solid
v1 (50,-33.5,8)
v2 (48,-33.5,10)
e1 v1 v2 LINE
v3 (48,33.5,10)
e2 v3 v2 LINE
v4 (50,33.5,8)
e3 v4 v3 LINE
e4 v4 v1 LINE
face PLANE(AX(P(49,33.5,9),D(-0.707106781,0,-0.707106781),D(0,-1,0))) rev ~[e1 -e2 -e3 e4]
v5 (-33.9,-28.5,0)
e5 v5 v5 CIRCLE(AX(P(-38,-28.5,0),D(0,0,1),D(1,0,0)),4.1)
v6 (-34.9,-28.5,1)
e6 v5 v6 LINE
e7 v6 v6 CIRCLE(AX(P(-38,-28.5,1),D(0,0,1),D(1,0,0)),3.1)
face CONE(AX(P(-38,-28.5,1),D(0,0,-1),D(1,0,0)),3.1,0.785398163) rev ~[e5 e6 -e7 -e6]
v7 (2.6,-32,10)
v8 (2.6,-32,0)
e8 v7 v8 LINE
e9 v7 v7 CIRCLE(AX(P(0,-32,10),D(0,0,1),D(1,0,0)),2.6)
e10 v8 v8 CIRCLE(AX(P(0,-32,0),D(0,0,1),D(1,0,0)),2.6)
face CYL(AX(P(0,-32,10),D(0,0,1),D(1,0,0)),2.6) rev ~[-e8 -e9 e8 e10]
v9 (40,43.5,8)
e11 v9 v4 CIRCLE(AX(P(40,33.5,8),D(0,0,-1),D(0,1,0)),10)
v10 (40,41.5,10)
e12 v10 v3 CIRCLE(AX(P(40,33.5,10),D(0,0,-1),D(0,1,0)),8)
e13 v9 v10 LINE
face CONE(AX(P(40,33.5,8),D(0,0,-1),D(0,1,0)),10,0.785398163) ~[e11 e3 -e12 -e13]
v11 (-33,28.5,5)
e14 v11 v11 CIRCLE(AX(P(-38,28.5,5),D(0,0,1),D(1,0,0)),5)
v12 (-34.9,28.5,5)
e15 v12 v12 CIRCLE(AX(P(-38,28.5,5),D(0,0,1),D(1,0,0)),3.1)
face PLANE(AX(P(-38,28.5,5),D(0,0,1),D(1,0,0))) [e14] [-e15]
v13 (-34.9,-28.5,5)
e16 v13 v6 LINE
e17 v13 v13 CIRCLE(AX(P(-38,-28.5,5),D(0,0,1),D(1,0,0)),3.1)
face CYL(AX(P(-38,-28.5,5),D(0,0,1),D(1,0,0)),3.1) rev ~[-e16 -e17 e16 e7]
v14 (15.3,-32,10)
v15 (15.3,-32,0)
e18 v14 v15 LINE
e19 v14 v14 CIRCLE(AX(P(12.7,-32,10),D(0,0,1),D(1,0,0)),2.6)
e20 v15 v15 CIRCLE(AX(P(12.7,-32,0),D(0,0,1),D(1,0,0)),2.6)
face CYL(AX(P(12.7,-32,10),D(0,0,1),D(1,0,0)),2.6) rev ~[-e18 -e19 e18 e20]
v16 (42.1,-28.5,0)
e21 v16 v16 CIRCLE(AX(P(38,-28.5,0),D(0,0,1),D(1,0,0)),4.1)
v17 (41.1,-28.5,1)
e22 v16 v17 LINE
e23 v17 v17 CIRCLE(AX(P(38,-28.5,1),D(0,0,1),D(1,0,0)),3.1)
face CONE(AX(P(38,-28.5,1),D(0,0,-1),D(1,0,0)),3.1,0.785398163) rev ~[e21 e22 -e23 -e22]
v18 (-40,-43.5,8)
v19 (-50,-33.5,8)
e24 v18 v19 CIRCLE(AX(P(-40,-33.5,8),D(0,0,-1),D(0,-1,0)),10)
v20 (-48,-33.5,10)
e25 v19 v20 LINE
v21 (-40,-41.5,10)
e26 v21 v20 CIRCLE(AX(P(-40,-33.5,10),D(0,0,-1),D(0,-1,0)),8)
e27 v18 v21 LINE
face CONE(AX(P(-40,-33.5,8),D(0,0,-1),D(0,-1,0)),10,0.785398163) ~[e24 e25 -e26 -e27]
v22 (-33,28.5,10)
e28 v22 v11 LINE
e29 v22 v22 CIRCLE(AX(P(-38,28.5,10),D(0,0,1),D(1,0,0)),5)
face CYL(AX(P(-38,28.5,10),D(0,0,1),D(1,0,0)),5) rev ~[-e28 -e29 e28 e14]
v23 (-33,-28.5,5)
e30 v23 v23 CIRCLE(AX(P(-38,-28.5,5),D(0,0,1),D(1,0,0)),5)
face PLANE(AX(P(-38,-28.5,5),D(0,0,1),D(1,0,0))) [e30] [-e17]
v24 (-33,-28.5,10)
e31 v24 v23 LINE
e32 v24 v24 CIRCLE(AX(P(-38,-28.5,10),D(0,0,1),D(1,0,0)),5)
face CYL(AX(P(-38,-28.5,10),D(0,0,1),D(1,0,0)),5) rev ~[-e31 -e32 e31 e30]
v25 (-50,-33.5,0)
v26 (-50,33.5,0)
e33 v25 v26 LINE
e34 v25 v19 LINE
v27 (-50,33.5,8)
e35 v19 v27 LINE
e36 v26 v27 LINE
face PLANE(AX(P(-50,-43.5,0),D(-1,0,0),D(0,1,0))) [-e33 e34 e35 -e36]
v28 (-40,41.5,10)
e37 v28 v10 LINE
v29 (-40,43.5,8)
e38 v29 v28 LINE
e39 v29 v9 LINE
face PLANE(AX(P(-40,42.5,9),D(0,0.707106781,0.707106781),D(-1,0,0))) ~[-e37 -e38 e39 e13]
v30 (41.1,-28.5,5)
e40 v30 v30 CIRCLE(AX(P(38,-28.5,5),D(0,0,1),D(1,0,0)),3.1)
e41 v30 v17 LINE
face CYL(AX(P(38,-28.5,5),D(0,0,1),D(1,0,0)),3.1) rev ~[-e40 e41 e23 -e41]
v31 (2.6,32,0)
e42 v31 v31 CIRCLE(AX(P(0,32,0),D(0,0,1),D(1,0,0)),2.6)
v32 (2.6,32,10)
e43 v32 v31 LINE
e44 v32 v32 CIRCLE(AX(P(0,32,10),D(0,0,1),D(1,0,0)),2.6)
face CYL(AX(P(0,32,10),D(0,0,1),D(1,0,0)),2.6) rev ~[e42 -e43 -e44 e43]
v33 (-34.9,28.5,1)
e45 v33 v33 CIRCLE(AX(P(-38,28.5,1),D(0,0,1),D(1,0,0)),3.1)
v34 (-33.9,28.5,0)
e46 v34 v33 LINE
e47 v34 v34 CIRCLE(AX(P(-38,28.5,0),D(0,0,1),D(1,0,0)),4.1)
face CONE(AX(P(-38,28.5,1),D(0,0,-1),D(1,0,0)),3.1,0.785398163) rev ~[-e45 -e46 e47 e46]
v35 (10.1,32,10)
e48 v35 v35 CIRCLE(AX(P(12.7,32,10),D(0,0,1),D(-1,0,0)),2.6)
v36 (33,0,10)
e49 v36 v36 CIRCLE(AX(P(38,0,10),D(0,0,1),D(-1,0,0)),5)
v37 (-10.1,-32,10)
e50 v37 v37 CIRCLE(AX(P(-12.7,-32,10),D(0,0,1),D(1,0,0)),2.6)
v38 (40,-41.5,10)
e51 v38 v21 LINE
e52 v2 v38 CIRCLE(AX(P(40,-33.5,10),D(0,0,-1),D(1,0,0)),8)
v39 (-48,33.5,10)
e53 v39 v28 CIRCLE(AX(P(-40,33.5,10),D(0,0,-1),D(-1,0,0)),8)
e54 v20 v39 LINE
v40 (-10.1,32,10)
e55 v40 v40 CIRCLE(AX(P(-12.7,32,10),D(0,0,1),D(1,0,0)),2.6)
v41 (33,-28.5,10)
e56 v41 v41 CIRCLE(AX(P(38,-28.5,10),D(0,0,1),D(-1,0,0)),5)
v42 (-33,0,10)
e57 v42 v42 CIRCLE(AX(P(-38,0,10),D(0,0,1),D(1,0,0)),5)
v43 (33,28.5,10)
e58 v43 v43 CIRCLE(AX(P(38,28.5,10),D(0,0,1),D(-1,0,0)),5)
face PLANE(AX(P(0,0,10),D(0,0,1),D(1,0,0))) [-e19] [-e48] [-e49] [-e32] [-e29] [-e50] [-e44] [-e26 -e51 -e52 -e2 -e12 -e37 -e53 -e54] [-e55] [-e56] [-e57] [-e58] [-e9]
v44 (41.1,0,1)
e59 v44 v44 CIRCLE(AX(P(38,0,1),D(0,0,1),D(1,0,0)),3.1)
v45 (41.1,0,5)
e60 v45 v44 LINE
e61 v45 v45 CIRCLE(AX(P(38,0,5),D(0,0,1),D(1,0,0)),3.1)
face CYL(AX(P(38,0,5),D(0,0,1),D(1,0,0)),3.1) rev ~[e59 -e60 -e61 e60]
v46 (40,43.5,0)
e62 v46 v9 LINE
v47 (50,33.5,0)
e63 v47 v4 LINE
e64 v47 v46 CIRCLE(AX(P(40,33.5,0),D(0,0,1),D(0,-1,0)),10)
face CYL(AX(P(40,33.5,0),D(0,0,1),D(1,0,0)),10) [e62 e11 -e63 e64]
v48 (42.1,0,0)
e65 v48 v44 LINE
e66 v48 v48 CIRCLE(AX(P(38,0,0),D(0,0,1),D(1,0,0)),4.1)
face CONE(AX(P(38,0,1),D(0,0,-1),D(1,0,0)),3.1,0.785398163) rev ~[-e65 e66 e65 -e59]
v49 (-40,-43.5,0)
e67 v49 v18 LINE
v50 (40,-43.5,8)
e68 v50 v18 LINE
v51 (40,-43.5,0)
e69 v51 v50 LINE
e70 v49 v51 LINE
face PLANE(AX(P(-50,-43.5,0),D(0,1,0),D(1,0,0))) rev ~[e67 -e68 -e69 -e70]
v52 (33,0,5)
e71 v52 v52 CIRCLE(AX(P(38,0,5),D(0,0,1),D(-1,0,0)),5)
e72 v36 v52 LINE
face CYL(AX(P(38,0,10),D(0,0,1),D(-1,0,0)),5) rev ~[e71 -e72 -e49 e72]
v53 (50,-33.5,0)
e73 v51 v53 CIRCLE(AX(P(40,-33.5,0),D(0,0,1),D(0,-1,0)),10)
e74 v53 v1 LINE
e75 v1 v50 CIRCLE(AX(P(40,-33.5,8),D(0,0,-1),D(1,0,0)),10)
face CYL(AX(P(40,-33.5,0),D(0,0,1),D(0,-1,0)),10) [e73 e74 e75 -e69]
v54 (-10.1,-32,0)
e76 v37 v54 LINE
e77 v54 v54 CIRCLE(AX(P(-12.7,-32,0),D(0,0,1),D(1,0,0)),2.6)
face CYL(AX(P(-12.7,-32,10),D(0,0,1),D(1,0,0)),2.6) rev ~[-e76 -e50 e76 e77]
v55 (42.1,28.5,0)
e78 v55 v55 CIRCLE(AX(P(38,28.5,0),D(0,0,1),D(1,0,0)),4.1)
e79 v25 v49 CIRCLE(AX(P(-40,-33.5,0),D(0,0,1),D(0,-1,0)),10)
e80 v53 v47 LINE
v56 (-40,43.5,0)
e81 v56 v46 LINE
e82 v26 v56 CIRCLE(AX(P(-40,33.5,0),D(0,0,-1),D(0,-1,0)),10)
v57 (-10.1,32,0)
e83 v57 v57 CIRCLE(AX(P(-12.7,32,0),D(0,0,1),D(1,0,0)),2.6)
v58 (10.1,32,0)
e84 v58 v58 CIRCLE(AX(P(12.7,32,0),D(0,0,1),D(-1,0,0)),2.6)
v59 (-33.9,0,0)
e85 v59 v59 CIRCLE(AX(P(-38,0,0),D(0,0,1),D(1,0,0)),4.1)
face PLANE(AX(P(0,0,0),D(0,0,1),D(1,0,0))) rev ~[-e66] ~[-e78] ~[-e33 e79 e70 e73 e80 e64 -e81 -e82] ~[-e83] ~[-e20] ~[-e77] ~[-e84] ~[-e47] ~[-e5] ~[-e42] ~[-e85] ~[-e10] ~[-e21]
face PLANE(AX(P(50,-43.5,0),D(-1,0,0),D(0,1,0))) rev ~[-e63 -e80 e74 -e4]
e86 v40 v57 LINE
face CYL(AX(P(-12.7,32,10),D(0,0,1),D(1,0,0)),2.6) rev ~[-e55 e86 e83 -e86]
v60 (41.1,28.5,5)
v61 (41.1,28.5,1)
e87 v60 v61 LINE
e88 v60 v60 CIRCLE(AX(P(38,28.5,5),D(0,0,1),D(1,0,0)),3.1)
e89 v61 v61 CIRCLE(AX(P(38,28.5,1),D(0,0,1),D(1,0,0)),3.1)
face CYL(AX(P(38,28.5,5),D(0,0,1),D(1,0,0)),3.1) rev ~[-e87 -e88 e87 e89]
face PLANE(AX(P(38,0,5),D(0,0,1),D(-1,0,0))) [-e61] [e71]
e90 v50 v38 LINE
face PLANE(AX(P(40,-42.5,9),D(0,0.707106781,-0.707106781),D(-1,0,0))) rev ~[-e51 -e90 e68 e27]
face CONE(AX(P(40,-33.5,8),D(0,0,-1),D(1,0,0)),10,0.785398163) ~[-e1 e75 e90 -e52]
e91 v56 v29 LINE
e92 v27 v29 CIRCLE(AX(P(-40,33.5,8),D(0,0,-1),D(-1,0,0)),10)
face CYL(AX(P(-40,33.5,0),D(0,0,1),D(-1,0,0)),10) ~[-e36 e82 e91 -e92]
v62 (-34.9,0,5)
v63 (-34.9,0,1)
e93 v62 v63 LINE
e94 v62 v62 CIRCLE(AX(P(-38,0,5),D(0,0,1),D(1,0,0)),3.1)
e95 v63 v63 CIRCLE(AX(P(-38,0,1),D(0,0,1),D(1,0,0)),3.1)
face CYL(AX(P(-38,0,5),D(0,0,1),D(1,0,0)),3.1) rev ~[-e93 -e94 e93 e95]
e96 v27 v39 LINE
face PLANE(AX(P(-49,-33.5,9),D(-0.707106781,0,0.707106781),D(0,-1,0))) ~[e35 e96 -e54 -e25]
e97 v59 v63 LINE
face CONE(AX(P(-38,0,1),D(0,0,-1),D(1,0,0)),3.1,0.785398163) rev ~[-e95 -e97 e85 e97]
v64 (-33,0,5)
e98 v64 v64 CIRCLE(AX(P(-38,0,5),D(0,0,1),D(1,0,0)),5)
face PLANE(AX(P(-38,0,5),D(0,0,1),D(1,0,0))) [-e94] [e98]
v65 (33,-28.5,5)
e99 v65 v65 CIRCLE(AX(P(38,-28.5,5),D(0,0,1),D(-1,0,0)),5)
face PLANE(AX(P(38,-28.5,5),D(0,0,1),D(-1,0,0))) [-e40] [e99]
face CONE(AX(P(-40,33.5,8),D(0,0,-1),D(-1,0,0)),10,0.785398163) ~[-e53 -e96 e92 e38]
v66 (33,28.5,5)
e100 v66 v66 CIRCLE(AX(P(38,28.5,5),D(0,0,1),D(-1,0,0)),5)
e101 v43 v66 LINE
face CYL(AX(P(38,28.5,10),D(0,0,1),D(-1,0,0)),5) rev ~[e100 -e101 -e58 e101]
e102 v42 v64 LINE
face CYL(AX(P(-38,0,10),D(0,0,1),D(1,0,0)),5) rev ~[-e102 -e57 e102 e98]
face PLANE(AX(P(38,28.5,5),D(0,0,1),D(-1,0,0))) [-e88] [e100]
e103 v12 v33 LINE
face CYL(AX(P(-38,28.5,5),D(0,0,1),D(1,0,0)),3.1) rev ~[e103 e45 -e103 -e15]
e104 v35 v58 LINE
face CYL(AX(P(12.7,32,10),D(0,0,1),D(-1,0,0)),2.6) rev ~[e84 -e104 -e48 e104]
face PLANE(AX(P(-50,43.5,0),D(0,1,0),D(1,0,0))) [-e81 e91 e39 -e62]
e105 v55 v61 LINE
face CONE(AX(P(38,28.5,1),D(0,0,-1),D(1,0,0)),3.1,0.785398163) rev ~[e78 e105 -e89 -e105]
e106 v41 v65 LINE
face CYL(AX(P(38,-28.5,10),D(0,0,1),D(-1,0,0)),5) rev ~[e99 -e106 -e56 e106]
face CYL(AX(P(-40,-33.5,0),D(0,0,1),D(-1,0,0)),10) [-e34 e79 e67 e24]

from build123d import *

# Parameters (mm, degrees)
SKETCH_1_W          = 100
SKETCH_1_H          = 87
EXTRUDE_1_DEPTH     = 10
FILLET_1_R          = 10
SKETCH_2_R          = 2.6
CUT_EXTRUDE_1_DEPTH = 10
SKETCH_3_R          = 5
CUT_EXTRUDE_2_DEPTH = 5
SKETCH_4_R          = 3.1
CUT_EXTRUDE_3_DEPTH = 5
CHAMFER_1_SIZE      = 1
CHAMFER_2_SIZE      = 2


with BuildPart() as part:
    # 草图1 → 凸台-拉伸1 (new body)
    with BuildSketch(Plane.XY):
        Rectangle(SKETCH_1_W, SKETCH_1_H)
    extrude(amount=EXTRUDE_1_DEPTH)

    # 圆角1
    fillet_1_edges = [part.edges().sort_by_distance(p)[0] for p in [
        (50, -43.5, 5),
        (-50, -43.5, 5),
        (-50, 43.5, 5),
        (50, 43.5, 5),
    ]]
    fillet(fillet_1_edges, radius=FILLET_1_R)

    # 草图2 → 切除-拉伸1 (cut)
    with BuildSketch(Plane.XY.offset(10)):
        with Locations((0, 32)):
            Circle(SKETCH_2_R)
        with Locations((-12.7, 32)):
            Circle(SKETCH_2_R)
        with Locations(Location((12.7, 32, 0), (0, 0, 180))):
            Circle(SKETCH_2_R)
        with Locations((-12.7, -32)):
            Circle(SKETCH_2_R)
        with Locations((0, -32)):
            Circle(SKETCH_2_R)
        with Locations((12.7, -32)):
            Circle(SKETCH_2_R)
    extrude(amount=-CUT_EXTRUDE_1_DEPTH, mode=Mode.SUBTRACT)

    # 草图3 → 切除-拉伸2 (cut)
    with BuildSketch(Plane.XY.offset(10)):
        with Locations((-38, 28.5)):
            Circle(SKETCH_3_R)
        with Locations((-38, 0)):
            Circle(SKETCH_3_R)
        with Locations((-38, -28.5)):
            Circle(SKETCH_3_R)
        with Locations(Location((38, -28.5, 0), (0, 0, 180))):
            Circle(SKETCH_3_R)
        with Locations(Location((38, 0, 0), (0, 0, 180))):
            Circle(SKETCH_3_R)
        with Locations(Location((38, 28.5, 0), (0, 0, 180))):
            Circle(SKETCH_3_R)
    extrude(amount=-CUT_EXTRUDE_2_DEPTH, mode=Mode.SUBTRACT)

    # 草图4 → 切除-拉伸3 (cut)
    with BuildSketch(Plane.XY.offset(5)):
        with Locations((-38, 28.5)):
            Circle(SKETCH_4_R)
        with Locations((-38, 0)):
            Circle(SKETCH_4_R)
        with Locations((-38, -28.5)):
            Circle(SKETCH_4_R)
        with Locations((38, 28.5)):
            Circle(SKETCH_4_R)
        with Locations((38, 0)):
            Circle(SKETCH_4_R)
        with Locations((38, -28.5)):
            Circle(SKETCH_4_R)
    extrude(amount=-CUT_EXTRUDE_3_DEPTH, mode=Mode.SUBTRACT)

    # 倒角1
    chamfer_1_edges = [part.edges().sort_by_distance(p)[0] for p in [
        (34.9, 0, 0),
        (34.9, -28.5, 0),
        (-41.1, 28.5, 0),
        (-41.1, 0, 0),
        (-41.1, -28.5, 0),
        (34.9, 28.5, 0),
    ]]
    chamfer(chamfer_1_edges, length=CHAMFER_1_SIZE)

    # 倒角2
    chamfer_2_edges = [part.edges().sort_by_distance(p)[0] for p in [
        (0, 43.5, 10),
        (50, 0, 10),
        (-50, 0, 10),
        (0, -43.5, 10),
        (-47.071067812, -40.571067812, 10),
        (47.071067812, -40.571067812, 10),
        (-47.071067812, 40.571067812, 10),
        (47.071067812, 40.571067812, 10),
    ]]
    chamfer(chamfer_2_edges, length=CHAMFER_2_SIZE)


solid = part.part
